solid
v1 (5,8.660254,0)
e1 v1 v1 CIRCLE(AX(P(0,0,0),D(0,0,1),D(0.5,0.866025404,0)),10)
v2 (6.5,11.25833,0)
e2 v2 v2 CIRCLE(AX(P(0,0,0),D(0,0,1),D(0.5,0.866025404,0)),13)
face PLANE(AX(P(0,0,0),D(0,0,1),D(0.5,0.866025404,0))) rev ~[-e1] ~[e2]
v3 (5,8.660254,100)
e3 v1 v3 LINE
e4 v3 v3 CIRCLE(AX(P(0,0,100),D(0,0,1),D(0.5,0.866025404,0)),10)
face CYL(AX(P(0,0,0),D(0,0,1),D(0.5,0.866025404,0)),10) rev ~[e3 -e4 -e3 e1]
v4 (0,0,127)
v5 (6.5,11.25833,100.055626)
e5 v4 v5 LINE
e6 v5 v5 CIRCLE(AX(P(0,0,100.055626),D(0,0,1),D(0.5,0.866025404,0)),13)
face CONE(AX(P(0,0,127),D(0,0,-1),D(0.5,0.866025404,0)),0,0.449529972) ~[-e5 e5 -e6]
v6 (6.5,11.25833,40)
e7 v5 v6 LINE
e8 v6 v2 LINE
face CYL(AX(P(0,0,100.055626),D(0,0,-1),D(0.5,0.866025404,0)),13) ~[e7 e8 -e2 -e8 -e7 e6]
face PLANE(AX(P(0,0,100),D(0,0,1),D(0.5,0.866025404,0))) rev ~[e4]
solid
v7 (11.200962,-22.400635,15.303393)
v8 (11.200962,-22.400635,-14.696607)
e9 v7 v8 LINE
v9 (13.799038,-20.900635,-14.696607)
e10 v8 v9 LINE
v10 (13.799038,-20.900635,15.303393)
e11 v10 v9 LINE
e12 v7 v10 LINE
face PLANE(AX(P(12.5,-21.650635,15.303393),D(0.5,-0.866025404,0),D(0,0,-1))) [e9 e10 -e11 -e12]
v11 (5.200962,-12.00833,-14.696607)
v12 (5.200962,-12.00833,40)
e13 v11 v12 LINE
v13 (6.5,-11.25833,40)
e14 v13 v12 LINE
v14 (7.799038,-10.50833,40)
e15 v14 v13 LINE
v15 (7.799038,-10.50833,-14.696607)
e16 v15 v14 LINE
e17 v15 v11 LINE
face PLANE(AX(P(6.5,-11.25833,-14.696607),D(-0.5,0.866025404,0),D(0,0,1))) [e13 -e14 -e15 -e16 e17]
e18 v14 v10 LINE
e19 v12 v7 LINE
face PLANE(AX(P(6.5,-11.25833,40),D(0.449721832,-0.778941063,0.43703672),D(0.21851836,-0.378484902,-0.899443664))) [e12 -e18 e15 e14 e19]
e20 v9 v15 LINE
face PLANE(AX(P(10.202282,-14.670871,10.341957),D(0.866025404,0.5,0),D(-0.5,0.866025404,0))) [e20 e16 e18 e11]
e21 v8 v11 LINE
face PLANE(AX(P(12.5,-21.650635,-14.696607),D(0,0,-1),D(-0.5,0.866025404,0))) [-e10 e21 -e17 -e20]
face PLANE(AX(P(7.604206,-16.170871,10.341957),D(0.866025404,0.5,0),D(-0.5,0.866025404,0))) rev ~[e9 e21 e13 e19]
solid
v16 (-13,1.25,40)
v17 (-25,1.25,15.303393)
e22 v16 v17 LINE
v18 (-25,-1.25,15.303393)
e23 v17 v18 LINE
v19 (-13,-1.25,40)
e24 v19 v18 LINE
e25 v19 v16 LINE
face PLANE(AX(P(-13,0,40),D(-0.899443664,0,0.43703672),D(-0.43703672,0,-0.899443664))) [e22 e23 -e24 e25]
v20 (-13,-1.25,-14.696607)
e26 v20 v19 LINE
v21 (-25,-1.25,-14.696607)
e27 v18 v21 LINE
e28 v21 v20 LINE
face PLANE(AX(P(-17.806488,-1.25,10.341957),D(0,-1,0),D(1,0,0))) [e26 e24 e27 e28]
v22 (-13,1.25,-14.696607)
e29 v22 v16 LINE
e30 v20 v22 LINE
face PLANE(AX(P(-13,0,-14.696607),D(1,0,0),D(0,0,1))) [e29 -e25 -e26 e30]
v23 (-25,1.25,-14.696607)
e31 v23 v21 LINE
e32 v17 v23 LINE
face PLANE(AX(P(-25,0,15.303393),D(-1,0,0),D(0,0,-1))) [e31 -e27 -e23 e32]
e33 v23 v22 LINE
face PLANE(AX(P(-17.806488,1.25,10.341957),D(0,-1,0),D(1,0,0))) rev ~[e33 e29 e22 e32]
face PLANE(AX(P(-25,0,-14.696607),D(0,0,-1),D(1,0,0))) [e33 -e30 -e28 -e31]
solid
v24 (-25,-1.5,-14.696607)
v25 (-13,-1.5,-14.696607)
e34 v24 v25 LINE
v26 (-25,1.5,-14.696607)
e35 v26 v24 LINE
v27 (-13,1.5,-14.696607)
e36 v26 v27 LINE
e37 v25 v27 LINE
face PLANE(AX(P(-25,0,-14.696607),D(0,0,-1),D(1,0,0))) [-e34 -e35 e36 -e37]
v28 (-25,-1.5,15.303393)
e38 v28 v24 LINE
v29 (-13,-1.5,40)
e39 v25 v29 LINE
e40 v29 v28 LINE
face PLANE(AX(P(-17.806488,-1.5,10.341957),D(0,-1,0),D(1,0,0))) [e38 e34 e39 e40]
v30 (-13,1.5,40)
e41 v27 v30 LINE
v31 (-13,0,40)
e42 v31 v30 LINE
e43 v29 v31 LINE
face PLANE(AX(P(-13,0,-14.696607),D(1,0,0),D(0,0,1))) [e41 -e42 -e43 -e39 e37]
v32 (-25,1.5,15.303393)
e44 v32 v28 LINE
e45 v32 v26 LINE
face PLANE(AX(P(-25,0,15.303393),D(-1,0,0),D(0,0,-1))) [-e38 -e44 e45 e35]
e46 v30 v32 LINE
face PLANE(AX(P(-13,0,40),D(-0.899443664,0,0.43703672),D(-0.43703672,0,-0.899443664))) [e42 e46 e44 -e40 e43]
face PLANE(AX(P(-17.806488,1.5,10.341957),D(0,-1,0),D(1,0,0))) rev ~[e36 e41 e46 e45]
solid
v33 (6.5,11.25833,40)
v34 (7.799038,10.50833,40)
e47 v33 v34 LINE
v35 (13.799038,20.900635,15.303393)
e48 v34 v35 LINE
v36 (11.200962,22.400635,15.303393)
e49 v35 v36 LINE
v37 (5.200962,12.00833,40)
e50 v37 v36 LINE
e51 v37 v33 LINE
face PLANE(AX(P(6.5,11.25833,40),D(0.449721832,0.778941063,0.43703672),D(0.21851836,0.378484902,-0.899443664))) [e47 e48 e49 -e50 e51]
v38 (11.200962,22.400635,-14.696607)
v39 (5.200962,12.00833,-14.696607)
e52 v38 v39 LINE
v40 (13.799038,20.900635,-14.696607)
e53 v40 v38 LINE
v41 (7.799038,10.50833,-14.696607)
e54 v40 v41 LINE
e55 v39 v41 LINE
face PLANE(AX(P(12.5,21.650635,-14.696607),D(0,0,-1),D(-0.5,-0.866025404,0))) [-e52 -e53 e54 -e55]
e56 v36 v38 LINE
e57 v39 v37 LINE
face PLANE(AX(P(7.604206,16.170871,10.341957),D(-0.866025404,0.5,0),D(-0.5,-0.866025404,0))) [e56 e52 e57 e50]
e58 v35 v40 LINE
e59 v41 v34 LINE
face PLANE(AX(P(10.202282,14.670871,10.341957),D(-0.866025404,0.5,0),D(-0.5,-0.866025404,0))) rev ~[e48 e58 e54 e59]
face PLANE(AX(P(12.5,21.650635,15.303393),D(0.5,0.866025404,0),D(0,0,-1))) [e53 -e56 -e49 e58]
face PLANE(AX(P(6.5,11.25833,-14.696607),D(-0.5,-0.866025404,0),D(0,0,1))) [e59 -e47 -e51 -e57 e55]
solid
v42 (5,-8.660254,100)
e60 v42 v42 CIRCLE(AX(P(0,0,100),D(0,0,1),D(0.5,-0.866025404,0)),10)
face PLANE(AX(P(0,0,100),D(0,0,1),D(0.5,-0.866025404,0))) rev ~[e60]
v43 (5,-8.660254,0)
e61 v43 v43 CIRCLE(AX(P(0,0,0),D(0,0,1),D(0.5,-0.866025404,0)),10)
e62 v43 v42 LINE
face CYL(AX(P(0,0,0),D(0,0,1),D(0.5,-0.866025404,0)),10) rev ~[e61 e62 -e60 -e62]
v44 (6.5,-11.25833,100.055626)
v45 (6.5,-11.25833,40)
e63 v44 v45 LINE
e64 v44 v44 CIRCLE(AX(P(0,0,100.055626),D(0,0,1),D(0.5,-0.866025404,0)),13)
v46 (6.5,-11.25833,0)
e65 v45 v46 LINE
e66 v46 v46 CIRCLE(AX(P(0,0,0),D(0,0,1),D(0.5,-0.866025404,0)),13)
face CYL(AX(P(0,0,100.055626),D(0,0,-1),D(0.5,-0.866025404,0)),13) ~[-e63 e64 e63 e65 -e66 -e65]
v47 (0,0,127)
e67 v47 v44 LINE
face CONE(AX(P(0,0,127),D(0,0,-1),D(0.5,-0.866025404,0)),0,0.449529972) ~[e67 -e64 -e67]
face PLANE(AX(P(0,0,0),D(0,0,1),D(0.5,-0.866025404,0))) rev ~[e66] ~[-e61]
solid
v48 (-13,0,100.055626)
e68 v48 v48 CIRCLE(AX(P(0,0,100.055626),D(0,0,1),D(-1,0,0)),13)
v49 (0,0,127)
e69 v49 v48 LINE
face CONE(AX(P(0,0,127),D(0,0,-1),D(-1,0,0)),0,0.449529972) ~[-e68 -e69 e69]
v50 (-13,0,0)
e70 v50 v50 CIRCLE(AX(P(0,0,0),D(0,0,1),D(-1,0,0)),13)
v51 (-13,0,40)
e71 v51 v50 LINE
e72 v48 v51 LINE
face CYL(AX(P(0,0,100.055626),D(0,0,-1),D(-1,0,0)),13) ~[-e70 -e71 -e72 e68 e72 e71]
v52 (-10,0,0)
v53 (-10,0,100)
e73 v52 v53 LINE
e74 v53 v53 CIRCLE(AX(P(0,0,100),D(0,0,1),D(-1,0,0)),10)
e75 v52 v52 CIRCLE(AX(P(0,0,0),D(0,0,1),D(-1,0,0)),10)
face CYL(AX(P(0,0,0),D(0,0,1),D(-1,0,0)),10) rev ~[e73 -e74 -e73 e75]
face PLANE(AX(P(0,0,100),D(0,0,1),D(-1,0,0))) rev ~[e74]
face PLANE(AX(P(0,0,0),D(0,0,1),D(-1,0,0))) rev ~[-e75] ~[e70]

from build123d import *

# Parameters (mm, degrees)
F3_DEPTH = 1.5
F4_COUNT = 3
F5_DEPTH = 1.25


with BuildPart() as f1:
    # F0 (on Front) → F1 (revolve)
    with BuildSketch(Plane.XZ):
        Polygon((-10, 100), (0, 100), (0, 127), (-13, 100.0556262038), (-13, 0), (-10, 0), align=None)
    revolve(axis=Axis((0, 0, 63.5), (0, 0, 1)))

    # F2 (on Front) → F3 (join, symmetric)
    with BuildSketch(Plane.XZ):
        Polygon((-13, 40), (-25, 15.3033933416), (-25, -14.6966066584), (-13, -14.6966066584), (-13, -4.6966066584), align=None)
    extrude(amount=F3_DEPTH, both=True)


with BuildPart() as f4_1:
    # F4: instance of F1
    add(f1.part.rotate(Axis((0, 0, 100.0556262038), (0, 0, -1)), 1 * 360 / F4_COUNT))


with BuildPart() as f4_2:
    # F4: instance of F1
    add(f1.part.rotate(Axis((0, 0, 100.0556262038), (0, 0, -1)), 2 * 360 / F4_COUNT))


with BuildPart() as f5:
    # F2 (on Front) → F5 (new body, symmetric)
    with BuildSketch(Plane.XZ):
        Polygon((-13, 40), (-25, 15.3033933416), (-25, -14.6966066584), (-13, -14.6966066584), (-13, -4.6966066584), align=None)
    extrude(amount=F5_DEPTH, both=True)


solid = Compound([f1.part, f4_1.part, f4_2.part, f5.part])
